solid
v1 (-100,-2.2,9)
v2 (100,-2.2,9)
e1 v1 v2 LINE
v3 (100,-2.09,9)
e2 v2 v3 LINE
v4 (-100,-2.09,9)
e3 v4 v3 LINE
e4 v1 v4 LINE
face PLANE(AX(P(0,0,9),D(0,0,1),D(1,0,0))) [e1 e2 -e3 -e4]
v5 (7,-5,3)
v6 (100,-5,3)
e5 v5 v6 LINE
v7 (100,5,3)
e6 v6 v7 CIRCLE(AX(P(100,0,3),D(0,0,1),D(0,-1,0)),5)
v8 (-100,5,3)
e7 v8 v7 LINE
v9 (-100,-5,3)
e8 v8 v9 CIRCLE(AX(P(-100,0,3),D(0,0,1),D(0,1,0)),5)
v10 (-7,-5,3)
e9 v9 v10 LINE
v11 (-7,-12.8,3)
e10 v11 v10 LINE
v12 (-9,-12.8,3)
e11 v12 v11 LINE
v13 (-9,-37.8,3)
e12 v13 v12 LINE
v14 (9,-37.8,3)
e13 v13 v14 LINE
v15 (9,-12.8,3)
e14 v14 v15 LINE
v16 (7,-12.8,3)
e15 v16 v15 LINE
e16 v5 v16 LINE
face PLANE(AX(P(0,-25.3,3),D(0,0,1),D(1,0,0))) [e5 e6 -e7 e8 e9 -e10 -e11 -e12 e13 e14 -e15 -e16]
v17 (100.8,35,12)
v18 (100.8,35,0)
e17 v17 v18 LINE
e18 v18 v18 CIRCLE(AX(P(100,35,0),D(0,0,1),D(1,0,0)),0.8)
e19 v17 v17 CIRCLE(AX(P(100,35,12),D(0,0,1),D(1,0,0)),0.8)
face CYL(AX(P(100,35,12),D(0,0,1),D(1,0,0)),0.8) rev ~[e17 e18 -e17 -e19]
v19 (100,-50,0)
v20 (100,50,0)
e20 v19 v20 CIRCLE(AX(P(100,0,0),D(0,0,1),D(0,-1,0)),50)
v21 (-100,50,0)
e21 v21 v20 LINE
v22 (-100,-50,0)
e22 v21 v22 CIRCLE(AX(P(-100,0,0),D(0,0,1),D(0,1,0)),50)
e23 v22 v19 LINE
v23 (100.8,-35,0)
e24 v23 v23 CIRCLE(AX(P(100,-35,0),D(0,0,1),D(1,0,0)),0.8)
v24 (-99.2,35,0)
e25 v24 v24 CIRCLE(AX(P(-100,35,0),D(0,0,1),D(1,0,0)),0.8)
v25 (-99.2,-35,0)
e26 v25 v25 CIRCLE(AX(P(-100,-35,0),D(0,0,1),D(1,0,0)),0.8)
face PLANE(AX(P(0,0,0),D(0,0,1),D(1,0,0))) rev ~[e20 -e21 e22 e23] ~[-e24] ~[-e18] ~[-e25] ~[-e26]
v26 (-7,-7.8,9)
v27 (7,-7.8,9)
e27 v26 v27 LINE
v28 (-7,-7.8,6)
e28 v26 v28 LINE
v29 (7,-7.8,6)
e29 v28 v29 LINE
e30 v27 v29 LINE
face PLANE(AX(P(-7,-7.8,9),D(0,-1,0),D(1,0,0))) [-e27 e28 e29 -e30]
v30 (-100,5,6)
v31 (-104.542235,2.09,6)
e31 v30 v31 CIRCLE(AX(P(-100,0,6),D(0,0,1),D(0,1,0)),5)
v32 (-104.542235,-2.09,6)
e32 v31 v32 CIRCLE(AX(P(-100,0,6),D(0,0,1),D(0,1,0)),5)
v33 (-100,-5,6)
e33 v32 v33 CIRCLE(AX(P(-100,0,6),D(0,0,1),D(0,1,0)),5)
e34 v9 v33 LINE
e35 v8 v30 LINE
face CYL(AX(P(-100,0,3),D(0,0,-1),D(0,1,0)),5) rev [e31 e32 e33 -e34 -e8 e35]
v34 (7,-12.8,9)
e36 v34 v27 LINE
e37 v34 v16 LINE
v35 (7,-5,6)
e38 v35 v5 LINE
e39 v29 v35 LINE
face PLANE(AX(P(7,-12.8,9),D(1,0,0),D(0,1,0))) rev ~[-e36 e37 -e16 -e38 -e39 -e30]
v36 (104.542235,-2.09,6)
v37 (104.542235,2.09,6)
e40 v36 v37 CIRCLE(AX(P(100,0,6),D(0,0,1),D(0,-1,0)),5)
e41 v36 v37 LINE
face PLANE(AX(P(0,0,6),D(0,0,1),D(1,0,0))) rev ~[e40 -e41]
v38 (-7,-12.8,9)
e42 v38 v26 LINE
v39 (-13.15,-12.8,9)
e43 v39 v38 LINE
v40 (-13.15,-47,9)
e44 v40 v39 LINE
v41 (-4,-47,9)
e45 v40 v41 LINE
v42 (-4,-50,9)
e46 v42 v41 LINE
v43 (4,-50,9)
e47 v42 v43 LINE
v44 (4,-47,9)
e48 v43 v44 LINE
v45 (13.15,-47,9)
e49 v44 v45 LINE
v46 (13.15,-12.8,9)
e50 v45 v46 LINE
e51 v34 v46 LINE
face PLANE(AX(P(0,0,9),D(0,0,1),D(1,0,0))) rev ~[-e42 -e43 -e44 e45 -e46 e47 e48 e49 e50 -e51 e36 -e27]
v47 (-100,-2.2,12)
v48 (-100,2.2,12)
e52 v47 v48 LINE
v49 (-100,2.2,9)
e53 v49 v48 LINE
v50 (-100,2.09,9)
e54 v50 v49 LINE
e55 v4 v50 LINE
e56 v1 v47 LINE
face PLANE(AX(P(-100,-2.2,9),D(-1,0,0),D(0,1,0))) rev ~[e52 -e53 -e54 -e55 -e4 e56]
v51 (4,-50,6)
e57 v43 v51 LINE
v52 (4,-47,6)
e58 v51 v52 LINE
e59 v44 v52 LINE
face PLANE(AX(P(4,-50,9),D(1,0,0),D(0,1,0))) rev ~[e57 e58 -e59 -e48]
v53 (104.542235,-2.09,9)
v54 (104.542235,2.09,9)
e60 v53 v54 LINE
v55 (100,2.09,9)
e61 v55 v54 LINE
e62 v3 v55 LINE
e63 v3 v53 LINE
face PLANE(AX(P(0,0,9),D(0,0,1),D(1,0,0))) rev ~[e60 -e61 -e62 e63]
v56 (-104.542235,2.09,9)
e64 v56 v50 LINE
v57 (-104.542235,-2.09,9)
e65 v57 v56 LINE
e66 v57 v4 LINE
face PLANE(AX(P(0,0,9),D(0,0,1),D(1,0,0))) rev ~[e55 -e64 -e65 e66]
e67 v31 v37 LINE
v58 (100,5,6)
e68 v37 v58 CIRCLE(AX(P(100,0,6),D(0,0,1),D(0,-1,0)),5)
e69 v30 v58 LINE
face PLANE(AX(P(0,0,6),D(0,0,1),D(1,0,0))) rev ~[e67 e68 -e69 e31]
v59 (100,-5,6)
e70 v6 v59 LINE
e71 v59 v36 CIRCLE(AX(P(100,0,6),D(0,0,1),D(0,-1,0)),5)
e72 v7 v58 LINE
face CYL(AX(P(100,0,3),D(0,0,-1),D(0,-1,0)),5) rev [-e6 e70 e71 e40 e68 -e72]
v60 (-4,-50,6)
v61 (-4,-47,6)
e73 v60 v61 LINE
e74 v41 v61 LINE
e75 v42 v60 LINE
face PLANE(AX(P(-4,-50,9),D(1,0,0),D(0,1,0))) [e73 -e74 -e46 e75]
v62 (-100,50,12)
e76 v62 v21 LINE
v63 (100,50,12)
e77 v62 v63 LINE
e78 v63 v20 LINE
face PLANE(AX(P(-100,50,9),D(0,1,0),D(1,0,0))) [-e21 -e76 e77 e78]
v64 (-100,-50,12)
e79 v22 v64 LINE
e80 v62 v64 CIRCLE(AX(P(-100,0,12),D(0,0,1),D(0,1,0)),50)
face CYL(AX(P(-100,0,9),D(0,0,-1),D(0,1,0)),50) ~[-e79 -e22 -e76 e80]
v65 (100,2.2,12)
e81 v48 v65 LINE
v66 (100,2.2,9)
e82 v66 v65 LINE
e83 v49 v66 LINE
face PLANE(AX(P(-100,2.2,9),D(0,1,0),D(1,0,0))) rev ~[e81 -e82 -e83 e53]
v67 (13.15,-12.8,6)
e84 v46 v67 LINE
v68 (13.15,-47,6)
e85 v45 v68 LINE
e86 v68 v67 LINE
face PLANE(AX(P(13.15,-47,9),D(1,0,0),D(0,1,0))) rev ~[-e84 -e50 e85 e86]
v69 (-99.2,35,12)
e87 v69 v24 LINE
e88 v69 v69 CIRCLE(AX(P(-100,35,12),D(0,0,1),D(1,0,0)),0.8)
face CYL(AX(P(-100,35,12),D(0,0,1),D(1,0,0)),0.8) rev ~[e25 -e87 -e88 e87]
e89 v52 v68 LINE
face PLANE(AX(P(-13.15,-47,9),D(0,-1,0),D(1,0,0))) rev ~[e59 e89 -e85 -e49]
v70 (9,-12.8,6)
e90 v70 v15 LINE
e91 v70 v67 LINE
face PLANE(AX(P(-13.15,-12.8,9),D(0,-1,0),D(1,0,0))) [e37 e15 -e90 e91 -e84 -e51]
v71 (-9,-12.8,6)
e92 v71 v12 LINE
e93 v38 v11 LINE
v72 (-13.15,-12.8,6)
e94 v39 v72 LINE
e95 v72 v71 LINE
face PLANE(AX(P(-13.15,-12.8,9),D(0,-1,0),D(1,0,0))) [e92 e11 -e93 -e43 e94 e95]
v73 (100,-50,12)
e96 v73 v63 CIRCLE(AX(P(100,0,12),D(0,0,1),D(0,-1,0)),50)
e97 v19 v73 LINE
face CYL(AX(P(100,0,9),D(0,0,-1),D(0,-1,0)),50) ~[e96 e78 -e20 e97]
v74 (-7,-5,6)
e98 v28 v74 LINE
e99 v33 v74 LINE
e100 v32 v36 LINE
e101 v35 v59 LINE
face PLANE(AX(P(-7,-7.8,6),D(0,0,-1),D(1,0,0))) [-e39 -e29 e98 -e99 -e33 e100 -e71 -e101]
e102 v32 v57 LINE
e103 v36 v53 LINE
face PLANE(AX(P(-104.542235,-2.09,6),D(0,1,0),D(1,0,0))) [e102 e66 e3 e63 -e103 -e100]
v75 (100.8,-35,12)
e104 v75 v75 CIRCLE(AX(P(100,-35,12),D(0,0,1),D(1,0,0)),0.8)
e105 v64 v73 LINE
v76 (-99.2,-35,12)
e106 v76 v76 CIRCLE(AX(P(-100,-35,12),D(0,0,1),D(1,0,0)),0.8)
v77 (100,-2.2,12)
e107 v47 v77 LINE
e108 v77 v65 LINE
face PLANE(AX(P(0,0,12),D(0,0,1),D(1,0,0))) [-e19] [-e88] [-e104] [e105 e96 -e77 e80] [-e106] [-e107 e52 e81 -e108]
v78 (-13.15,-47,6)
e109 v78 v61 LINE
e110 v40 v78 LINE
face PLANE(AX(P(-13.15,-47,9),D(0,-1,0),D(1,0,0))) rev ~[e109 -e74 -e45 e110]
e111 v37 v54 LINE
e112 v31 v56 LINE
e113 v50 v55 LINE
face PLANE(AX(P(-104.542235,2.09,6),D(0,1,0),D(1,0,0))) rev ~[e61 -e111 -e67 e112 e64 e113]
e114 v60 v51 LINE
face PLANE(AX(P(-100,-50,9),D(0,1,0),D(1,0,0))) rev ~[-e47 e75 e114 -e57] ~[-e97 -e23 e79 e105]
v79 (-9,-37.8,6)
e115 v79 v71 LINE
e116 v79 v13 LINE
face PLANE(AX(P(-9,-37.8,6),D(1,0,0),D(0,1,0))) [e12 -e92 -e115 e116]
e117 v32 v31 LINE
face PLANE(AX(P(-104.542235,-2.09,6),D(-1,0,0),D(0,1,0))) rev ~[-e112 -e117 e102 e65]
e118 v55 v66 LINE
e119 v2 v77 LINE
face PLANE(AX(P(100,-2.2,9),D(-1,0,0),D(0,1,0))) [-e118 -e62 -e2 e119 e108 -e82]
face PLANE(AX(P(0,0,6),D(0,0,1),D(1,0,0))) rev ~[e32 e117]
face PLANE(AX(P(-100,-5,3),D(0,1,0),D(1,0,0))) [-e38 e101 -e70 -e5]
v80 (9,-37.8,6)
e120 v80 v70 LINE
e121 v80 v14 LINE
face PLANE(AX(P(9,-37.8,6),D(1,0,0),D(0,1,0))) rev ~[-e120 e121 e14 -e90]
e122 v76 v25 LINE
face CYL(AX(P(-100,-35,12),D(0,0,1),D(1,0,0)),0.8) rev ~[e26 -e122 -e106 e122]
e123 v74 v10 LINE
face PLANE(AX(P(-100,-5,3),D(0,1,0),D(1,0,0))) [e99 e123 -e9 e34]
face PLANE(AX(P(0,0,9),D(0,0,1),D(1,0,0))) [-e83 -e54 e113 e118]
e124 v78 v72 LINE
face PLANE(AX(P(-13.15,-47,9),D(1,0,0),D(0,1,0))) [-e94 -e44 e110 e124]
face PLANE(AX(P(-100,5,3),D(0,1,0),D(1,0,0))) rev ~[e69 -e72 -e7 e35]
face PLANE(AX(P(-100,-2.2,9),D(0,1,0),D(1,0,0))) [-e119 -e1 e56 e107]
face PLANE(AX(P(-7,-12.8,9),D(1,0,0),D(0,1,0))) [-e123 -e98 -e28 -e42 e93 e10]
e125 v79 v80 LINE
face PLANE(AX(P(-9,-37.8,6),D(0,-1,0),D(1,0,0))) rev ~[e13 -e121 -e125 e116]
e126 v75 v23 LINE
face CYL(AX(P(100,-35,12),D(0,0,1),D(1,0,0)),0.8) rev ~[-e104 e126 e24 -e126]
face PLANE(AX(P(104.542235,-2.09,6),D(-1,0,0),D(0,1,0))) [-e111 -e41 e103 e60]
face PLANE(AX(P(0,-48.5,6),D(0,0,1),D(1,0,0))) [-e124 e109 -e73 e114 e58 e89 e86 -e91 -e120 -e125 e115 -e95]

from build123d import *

# Parameters (mm, degrees)
PAD_DEPTH       = 3
PAD001_DEPTH    = 3
SKETCH002_W     = 209.08447
SKETCH002_H     = 4.18
PAD002_DEPTH    = 3
SKETCH003_W     = 26.3
SKETCH003_H     = 34.2
POCKET_DEPTH    = 3
SKETCH004_W     = 18
SKETCH004_H     = 25
POCKET001_DEPTH = 3
SKETCH005_W     = 14
SKETCH005_H     = 5
POCKET002_DEPTH = 6
SKETCH006_W     = 14
SKETCH006_H     = 3
POCKET003_DEPTH = 3
SKETCH007_W     = 8
SKETCH007_H     = 3
POCKET004_DEPTH = 3
SKETCH008_W     = 200
SKETCH008_H     = 4.4
PAD003_DEPTH    = 3
SKETCH009_R     = 0.8
POCKET005_DEPTH = 12


with BuildPart() as part:
    # Sketch → Pad (new body)
    with BuildSketch(Plane.XY):
        with BuildLine():
            ThreePointArc((-100, 50), (-150, 0), (-100, -50))
            Line((-100, -50), (100, -50))
            ThreePointArc((100, -50), (150, 0), (100, 50))
            Line((-100, 50), (100, 50))
        make_face()
    extrude(amount=PAD_DEPTH)

    # Sketch001 (on Face6 of Pad) → Pad001 (join)
    with BuildSketch(Plane.XY.offset(3)):
        with BuildLine():
            ThreePointArc((-100, 50), (-150, 0), (-100, -50))
            Line((-100, -50), (100, -50))
            ThreePointArc((100, -50), (150, 0), (100, 50))
            Line((-100, 50), (100, 50))
        make_face()
        with BuildLine():
            ThreePointArc((-100, 5), (-105, 0), (-100, -5))
            Line((-100, -5), (100, -5))
            ThreePointArc((100, -5), (105, 0), (100, 5))
            Line((-100, 5), (100, 5))
        make_face(mode=Mode.SUBTRACT)
    extrude(amount=PAD001_DEPTH)

    # Sketch002 (on Face9 of Pad001) → Pad002 (join)
    with BuildSketch(Plane.XY.offset(6)):
        with BuildLine():
            ThreePointArc((-100, 50), (-150, 0), (-100, -50))
            Line((-100, -50), (100, -50))
            ThreePointArc((100, -50), (150, 0), (100, 50))
            Line((-100, 50), (100, 50))
        make_face()
        Rectangle(SKETCH002_W, SKETCH002_H, mode=Mode.SUBTRACT)
    extrude(amount=PAD002_DEPTH)

    # Sketch003 (on Face13 of Pad002) → Pocket (cut)
    with BuildSketch(Plane.XY.offset(9)):
        with Locations((0, -29.9)):
            Rectangle(SKETCH003_W, SKETCH003_H)
    extrude(amount=-POCKET_DEPTH, mode=Mode.SUBTRACT)

    # Sketch004 (on Face27 of Pocket) → Pocket001 (cut)
    with BuildSketch(Plane.XY.offset(6)):
        with Locations((0, -25.3)):
            Rectangle(SKETCH004_W, SKETCH004_H)
    extrude(amount=-POCKET001_DEPTH, mode=Mode.SUBTRACT)

    # Sketch005 (on Face13 of Pocket001) → Pocket002 (cut)
    with BuildSketch(Plane.XY.offset(9)):
        with Locations((0, -10.3)):
            Rectangle(SKETCH005_W, SKETCH005_H)
    extrude(amount=-POCKET002_DEPTH, mode=Mode.SUBTRACT)

    # Sketch006 (on Face23 of Pocket002) → Pocket003 (cut)
    with BuildSketch(Plane.XZ.offset(7.8)):
        with Locations((0, 4.5)):
            Rectangle(SKETCH006_W, SKETCH006_H)
    extrude(amount=-POCKET003_DEPTH, mode=Mode.SUBTRACT)

    # Sketch007 (on Face13 of Pocket003) → Pocket004 (cut)
    with BuildSketch(Plane.XY.offset(9)):
        with Locations((0, -48.5)):
            Rectangle(SKETCH007_W, SKETCH007_H)
    extrude(amount=-POCKET004_DEPTH, mode=Mode.SUBTRACT)

    # Sketch008 (on Face15 of Pocket004) → Pad003 (join)
    with BuildSketch(Plane.XY.offset(9)):
        with BuildLine():
            ThreePointArc((-100, 50), (-150, 0), (-100, -50))
            Line((-100, -50), (100, -50))
            ThreePointArc((100, -50), (150, 0), (100, 50))
            Line((-100, 50), (100, 50))
        make_face()
        Rectangle(SKETCH008_W, SKETCH008_H, mode=Mode.SUBTRACT)
    extrude(amount=PAD003_DEPTH)

    # Sketch009 (on Face22 of Pad003) → Pocket005 (cut)
    with BuildSketch(Plane.XY.offset(12)):
        with Locations((-100, 35)):
            Circle(SKETCH009_R)
        with Locations((-100, -35)):
            Circle(SKETCH009_R)
        with Locations((100, 35)):
            Circle(SKETCH009_R)
        with Locations((100, -35)):
            Circle(SKETCH009_R)
    extrude(amount=-POCKET005_DEPTH, mode=Mode.SUBTRACT)


solid = part.part
